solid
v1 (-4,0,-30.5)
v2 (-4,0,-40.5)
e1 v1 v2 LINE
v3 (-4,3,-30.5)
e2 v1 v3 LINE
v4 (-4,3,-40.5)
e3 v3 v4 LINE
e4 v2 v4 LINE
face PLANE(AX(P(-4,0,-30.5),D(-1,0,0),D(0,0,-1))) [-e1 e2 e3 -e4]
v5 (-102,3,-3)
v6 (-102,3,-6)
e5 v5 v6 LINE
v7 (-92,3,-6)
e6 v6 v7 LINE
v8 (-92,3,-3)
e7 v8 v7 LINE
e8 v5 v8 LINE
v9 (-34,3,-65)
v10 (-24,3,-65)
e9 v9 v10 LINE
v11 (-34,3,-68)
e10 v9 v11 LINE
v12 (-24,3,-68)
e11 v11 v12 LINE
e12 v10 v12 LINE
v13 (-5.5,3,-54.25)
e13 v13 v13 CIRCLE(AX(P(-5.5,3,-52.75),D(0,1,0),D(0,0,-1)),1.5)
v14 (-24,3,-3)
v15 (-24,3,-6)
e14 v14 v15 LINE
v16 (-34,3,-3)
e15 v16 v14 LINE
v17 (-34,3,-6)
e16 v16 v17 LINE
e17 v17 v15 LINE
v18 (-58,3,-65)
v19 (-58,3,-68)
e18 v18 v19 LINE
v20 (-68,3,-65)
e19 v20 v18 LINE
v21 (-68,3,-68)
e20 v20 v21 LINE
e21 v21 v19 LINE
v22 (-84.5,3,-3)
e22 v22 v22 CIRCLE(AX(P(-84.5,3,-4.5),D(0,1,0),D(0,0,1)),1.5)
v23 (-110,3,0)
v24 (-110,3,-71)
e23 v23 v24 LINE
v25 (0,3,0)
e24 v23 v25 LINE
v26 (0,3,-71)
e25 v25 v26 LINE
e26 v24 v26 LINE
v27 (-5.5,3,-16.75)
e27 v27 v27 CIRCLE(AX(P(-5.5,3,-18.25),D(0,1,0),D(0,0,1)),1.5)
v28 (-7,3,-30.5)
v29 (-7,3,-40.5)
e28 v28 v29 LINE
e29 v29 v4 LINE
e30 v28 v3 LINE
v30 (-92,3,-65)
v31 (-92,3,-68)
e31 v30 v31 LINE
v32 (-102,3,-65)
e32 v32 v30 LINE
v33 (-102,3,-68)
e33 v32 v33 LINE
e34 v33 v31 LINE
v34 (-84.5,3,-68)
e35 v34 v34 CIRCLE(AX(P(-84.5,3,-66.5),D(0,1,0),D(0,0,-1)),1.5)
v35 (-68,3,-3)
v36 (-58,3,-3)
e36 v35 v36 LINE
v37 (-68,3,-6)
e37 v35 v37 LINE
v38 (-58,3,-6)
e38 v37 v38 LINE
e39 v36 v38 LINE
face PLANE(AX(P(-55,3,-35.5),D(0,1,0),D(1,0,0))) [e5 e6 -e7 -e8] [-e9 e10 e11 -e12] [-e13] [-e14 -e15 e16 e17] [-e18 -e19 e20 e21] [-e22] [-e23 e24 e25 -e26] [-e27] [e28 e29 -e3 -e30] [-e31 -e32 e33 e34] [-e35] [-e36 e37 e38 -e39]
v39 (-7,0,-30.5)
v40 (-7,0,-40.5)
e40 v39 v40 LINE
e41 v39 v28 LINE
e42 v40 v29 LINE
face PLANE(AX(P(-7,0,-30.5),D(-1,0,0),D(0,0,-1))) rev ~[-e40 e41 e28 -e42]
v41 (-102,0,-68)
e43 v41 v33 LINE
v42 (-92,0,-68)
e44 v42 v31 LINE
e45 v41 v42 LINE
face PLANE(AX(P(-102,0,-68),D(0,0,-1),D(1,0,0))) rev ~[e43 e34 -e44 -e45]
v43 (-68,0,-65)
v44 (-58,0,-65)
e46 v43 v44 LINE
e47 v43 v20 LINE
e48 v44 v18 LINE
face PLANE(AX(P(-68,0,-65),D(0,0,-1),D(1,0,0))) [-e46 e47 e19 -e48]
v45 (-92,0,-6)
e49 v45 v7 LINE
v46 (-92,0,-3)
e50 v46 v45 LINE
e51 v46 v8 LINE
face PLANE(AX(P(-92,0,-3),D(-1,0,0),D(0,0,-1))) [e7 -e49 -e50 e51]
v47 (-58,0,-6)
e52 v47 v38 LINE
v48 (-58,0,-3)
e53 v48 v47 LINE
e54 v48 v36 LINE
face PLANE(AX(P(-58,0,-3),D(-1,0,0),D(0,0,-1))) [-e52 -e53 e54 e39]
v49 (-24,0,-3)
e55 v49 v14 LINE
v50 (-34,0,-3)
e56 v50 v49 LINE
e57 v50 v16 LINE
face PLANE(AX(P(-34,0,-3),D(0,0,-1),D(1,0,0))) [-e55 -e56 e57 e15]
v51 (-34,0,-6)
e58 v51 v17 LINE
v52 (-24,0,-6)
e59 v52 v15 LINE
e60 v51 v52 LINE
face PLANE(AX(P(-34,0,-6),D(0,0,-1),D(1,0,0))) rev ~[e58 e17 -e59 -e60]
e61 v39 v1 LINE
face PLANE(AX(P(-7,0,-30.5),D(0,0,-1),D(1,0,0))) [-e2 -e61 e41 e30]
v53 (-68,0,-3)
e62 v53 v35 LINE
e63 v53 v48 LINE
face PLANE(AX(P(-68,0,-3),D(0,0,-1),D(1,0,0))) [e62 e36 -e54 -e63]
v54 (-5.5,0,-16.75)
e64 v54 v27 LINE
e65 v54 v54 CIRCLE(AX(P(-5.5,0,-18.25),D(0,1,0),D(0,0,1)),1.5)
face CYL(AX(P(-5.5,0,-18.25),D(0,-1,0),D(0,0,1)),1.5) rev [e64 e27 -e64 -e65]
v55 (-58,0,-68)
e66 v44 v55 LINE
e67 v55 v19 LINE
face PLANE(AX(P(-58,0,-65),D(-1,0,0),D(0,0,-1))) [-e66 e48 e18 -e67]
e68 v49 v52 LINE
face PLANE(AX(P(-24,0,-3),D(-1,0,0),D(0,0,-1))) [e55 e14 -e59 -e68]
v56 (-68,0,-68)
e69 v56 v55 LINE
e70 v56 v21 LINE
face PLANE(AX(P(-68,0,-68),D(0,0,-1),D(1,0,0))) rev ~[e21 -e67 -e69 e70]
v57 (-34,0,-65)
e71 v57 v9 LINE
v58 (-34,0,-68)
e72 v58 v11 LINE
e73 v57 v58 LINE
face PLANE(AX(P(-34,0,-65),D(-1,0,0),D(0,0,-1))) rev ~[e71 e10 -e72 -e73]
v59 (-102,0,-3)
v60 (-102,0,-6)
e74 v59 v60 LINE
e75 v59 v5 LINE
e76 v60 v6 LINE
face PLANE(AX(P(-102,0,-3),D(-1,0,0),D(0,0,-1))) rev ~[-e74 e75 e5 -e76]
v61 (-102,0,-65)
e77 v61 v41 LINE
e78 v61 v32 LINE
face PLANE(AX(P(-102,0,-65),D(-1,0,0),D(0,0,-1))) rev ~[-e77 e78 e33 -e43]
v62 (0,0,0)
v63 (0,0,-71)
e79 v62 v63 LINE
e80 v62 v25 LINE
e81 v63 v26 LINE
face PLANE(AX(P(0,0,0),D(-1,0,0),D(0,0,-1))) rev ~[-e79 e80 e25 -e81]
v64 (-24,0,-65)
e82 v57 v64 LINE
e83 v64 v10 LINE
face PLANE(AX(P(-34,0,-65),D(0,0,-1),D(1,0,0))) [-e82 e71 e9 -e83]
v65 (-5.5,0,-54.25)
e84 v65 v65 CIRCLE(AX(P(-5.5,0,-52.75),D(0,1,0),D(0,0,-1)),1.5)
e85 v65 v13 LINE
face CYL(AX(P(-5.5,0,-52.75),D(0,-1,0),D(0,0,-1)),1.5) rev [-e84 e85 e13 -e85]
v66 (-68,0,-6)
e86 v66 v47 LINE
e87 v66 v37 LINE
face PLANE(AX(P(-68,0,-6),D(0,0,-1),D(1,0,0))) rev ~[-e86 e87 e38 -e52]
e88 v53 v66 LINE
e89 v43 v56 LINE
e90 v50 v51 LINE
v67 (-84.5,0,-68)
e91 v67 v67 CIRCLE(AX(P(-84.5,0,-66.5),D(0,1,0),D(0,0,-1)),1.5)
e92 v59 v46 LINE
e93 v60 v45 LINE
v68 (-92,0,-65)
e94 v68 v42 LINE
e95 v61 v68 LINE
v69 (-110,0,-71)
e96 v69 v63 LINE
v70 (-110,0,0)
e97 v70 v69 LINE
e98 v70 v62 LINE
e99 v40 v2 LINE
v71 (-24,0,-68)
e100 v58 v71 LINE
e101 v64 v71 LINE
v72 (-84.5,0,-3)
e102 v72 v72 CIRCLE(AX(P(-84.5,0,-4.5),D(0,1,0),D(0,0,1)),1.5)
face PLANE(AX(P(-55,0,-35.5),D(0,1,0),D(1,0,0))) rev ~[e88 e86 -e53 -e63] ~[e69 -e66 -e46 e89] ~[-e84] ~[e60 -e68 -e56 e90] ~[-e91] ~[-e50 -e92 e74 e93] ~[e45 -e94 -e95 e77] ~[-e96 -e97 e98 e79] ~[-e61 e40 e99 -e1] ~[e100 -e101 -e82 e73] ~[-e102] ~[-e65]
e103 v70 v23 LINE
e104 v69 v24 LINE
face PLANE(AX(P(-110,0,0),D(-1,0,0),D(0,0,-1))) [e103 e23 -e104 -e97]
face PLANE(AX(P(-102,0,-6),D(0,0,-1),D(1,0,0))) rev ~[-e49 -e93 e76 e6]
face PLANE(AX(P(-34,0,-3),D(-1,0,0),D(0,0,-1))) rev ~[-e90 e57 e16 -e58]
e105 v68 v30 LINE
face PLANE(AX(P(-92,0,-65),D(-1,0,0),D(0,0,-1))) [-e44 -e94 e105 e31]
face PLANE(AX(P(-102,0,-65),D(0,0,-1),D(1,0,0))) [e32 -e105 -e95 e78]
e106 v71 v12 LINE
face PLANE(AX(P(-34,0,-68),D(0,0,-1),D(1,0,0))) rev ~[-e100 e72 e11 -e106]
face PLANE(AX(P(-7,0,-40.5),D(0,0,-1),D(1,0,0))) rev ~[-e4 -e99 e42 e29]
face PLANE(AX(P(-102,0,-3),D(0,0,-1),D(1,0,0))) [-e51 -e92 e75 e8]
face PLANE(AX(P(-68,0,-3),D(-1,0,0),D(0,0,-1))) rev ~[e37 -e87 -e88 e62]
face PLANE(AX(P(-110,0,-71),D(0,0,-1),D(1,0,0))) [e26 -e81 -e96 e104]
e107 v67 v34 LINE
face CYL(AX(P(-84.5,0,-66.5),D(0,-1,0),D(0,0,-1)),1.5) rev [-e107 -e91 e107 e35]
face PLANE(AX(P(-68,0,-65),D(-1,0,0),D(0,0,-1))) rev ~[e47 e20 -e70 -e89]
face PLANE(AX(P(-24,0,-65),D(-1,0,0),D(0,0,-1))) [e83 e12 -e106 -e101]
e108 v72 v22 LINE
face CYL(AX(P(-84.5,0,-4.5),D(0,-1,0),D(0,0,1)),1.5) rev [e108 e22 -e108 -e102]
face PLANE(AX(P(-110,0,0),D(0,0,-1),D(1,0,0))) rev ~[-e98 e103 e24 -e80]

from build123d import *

# Parameters (mm, degrees)
SKETCH1_W           = 110
SKETCH1_H           = 71
SKETCH1_R           = 1.5
SKETCH1_W_2         = 10
SKETCH1_H_2         = 3
SKETCH1_W_3         = 3
SKETCH1_H_3         = 10
BOSS_EXTRUDE1_DEPTH = 3


with BuildPart() as part:
    # Sketch1 → Boss-Extrude1 (new body)
    with BuildSketch(Plane(origin=(0, 0, 0), x_dir=(1, 0, 0), z_dir=(0, 1, 0))):
        with Locations((-55, 35.5)):
            Rectangle(SKETCH1_W, SKETCH1_H)
        with Locations(Location((-5.5, 18.25, 0), (0, 0, 270))):
            Circle(SKETCH1_R, mode=Mode.SUBTRACT)
        with Locations(Location((-5.5, 52.75, 0), (0, 0, 90))):
            Circle(SKETCH1_R, mode=Mode.SUBTRACT)
        with Locations(Location((-84.5, 4.5, 0), (0, 0, 270))):
            Circle(SKETCH1_R, mode=Mode.SUBTRACT)
        with Locations(Location((-84.5, 66.5, 0), (0, 0, 90))):
            Circle(SKETCH1_R, mode=Mode.SUBTRACT)
        with Locations((-63, 4.5)):
            Rectangle(SKETCH1_W_2, SKETCH1_H_2, mode=Mode.SUBTRACT)
        with Locations((-5.5, 35.5)):
            Rectangle(SKETCH1_W_3, SKETCH1_H_3, mode=Mode.SUBTRACT)
        with Locations((-29, 4.5)):
            Rectangle(SKETCH1_W_2, SKETCH1_H_2, mode=Mode.SUBTRACT)
        with Locations((-97, 4.5)):
            Rectangle(SKETCH1_W_2, SKETCH1_H_2, mode=Mode.SUBTRACT)
        with Locations((-29, 66.5)):
            Rectangle(SKETCH1_W_2, SKETCH1_H_2, mode=Mode.SUBTRACT)
        with Locations((-63, 66.5)):
            Rectangle(SKETCH1_W_2, SKETCH1_H_2, mode=Mode.SUBTRACT)
        with Locations((-97, 66.5)):
            Rectangle(SKETCH1_W_2, SKETCH1_H_2, mode=Mode.SUBTRACT)
    extrude(amount=BOSS_EXTRUDE1_DEPTH)


solid = part.part
